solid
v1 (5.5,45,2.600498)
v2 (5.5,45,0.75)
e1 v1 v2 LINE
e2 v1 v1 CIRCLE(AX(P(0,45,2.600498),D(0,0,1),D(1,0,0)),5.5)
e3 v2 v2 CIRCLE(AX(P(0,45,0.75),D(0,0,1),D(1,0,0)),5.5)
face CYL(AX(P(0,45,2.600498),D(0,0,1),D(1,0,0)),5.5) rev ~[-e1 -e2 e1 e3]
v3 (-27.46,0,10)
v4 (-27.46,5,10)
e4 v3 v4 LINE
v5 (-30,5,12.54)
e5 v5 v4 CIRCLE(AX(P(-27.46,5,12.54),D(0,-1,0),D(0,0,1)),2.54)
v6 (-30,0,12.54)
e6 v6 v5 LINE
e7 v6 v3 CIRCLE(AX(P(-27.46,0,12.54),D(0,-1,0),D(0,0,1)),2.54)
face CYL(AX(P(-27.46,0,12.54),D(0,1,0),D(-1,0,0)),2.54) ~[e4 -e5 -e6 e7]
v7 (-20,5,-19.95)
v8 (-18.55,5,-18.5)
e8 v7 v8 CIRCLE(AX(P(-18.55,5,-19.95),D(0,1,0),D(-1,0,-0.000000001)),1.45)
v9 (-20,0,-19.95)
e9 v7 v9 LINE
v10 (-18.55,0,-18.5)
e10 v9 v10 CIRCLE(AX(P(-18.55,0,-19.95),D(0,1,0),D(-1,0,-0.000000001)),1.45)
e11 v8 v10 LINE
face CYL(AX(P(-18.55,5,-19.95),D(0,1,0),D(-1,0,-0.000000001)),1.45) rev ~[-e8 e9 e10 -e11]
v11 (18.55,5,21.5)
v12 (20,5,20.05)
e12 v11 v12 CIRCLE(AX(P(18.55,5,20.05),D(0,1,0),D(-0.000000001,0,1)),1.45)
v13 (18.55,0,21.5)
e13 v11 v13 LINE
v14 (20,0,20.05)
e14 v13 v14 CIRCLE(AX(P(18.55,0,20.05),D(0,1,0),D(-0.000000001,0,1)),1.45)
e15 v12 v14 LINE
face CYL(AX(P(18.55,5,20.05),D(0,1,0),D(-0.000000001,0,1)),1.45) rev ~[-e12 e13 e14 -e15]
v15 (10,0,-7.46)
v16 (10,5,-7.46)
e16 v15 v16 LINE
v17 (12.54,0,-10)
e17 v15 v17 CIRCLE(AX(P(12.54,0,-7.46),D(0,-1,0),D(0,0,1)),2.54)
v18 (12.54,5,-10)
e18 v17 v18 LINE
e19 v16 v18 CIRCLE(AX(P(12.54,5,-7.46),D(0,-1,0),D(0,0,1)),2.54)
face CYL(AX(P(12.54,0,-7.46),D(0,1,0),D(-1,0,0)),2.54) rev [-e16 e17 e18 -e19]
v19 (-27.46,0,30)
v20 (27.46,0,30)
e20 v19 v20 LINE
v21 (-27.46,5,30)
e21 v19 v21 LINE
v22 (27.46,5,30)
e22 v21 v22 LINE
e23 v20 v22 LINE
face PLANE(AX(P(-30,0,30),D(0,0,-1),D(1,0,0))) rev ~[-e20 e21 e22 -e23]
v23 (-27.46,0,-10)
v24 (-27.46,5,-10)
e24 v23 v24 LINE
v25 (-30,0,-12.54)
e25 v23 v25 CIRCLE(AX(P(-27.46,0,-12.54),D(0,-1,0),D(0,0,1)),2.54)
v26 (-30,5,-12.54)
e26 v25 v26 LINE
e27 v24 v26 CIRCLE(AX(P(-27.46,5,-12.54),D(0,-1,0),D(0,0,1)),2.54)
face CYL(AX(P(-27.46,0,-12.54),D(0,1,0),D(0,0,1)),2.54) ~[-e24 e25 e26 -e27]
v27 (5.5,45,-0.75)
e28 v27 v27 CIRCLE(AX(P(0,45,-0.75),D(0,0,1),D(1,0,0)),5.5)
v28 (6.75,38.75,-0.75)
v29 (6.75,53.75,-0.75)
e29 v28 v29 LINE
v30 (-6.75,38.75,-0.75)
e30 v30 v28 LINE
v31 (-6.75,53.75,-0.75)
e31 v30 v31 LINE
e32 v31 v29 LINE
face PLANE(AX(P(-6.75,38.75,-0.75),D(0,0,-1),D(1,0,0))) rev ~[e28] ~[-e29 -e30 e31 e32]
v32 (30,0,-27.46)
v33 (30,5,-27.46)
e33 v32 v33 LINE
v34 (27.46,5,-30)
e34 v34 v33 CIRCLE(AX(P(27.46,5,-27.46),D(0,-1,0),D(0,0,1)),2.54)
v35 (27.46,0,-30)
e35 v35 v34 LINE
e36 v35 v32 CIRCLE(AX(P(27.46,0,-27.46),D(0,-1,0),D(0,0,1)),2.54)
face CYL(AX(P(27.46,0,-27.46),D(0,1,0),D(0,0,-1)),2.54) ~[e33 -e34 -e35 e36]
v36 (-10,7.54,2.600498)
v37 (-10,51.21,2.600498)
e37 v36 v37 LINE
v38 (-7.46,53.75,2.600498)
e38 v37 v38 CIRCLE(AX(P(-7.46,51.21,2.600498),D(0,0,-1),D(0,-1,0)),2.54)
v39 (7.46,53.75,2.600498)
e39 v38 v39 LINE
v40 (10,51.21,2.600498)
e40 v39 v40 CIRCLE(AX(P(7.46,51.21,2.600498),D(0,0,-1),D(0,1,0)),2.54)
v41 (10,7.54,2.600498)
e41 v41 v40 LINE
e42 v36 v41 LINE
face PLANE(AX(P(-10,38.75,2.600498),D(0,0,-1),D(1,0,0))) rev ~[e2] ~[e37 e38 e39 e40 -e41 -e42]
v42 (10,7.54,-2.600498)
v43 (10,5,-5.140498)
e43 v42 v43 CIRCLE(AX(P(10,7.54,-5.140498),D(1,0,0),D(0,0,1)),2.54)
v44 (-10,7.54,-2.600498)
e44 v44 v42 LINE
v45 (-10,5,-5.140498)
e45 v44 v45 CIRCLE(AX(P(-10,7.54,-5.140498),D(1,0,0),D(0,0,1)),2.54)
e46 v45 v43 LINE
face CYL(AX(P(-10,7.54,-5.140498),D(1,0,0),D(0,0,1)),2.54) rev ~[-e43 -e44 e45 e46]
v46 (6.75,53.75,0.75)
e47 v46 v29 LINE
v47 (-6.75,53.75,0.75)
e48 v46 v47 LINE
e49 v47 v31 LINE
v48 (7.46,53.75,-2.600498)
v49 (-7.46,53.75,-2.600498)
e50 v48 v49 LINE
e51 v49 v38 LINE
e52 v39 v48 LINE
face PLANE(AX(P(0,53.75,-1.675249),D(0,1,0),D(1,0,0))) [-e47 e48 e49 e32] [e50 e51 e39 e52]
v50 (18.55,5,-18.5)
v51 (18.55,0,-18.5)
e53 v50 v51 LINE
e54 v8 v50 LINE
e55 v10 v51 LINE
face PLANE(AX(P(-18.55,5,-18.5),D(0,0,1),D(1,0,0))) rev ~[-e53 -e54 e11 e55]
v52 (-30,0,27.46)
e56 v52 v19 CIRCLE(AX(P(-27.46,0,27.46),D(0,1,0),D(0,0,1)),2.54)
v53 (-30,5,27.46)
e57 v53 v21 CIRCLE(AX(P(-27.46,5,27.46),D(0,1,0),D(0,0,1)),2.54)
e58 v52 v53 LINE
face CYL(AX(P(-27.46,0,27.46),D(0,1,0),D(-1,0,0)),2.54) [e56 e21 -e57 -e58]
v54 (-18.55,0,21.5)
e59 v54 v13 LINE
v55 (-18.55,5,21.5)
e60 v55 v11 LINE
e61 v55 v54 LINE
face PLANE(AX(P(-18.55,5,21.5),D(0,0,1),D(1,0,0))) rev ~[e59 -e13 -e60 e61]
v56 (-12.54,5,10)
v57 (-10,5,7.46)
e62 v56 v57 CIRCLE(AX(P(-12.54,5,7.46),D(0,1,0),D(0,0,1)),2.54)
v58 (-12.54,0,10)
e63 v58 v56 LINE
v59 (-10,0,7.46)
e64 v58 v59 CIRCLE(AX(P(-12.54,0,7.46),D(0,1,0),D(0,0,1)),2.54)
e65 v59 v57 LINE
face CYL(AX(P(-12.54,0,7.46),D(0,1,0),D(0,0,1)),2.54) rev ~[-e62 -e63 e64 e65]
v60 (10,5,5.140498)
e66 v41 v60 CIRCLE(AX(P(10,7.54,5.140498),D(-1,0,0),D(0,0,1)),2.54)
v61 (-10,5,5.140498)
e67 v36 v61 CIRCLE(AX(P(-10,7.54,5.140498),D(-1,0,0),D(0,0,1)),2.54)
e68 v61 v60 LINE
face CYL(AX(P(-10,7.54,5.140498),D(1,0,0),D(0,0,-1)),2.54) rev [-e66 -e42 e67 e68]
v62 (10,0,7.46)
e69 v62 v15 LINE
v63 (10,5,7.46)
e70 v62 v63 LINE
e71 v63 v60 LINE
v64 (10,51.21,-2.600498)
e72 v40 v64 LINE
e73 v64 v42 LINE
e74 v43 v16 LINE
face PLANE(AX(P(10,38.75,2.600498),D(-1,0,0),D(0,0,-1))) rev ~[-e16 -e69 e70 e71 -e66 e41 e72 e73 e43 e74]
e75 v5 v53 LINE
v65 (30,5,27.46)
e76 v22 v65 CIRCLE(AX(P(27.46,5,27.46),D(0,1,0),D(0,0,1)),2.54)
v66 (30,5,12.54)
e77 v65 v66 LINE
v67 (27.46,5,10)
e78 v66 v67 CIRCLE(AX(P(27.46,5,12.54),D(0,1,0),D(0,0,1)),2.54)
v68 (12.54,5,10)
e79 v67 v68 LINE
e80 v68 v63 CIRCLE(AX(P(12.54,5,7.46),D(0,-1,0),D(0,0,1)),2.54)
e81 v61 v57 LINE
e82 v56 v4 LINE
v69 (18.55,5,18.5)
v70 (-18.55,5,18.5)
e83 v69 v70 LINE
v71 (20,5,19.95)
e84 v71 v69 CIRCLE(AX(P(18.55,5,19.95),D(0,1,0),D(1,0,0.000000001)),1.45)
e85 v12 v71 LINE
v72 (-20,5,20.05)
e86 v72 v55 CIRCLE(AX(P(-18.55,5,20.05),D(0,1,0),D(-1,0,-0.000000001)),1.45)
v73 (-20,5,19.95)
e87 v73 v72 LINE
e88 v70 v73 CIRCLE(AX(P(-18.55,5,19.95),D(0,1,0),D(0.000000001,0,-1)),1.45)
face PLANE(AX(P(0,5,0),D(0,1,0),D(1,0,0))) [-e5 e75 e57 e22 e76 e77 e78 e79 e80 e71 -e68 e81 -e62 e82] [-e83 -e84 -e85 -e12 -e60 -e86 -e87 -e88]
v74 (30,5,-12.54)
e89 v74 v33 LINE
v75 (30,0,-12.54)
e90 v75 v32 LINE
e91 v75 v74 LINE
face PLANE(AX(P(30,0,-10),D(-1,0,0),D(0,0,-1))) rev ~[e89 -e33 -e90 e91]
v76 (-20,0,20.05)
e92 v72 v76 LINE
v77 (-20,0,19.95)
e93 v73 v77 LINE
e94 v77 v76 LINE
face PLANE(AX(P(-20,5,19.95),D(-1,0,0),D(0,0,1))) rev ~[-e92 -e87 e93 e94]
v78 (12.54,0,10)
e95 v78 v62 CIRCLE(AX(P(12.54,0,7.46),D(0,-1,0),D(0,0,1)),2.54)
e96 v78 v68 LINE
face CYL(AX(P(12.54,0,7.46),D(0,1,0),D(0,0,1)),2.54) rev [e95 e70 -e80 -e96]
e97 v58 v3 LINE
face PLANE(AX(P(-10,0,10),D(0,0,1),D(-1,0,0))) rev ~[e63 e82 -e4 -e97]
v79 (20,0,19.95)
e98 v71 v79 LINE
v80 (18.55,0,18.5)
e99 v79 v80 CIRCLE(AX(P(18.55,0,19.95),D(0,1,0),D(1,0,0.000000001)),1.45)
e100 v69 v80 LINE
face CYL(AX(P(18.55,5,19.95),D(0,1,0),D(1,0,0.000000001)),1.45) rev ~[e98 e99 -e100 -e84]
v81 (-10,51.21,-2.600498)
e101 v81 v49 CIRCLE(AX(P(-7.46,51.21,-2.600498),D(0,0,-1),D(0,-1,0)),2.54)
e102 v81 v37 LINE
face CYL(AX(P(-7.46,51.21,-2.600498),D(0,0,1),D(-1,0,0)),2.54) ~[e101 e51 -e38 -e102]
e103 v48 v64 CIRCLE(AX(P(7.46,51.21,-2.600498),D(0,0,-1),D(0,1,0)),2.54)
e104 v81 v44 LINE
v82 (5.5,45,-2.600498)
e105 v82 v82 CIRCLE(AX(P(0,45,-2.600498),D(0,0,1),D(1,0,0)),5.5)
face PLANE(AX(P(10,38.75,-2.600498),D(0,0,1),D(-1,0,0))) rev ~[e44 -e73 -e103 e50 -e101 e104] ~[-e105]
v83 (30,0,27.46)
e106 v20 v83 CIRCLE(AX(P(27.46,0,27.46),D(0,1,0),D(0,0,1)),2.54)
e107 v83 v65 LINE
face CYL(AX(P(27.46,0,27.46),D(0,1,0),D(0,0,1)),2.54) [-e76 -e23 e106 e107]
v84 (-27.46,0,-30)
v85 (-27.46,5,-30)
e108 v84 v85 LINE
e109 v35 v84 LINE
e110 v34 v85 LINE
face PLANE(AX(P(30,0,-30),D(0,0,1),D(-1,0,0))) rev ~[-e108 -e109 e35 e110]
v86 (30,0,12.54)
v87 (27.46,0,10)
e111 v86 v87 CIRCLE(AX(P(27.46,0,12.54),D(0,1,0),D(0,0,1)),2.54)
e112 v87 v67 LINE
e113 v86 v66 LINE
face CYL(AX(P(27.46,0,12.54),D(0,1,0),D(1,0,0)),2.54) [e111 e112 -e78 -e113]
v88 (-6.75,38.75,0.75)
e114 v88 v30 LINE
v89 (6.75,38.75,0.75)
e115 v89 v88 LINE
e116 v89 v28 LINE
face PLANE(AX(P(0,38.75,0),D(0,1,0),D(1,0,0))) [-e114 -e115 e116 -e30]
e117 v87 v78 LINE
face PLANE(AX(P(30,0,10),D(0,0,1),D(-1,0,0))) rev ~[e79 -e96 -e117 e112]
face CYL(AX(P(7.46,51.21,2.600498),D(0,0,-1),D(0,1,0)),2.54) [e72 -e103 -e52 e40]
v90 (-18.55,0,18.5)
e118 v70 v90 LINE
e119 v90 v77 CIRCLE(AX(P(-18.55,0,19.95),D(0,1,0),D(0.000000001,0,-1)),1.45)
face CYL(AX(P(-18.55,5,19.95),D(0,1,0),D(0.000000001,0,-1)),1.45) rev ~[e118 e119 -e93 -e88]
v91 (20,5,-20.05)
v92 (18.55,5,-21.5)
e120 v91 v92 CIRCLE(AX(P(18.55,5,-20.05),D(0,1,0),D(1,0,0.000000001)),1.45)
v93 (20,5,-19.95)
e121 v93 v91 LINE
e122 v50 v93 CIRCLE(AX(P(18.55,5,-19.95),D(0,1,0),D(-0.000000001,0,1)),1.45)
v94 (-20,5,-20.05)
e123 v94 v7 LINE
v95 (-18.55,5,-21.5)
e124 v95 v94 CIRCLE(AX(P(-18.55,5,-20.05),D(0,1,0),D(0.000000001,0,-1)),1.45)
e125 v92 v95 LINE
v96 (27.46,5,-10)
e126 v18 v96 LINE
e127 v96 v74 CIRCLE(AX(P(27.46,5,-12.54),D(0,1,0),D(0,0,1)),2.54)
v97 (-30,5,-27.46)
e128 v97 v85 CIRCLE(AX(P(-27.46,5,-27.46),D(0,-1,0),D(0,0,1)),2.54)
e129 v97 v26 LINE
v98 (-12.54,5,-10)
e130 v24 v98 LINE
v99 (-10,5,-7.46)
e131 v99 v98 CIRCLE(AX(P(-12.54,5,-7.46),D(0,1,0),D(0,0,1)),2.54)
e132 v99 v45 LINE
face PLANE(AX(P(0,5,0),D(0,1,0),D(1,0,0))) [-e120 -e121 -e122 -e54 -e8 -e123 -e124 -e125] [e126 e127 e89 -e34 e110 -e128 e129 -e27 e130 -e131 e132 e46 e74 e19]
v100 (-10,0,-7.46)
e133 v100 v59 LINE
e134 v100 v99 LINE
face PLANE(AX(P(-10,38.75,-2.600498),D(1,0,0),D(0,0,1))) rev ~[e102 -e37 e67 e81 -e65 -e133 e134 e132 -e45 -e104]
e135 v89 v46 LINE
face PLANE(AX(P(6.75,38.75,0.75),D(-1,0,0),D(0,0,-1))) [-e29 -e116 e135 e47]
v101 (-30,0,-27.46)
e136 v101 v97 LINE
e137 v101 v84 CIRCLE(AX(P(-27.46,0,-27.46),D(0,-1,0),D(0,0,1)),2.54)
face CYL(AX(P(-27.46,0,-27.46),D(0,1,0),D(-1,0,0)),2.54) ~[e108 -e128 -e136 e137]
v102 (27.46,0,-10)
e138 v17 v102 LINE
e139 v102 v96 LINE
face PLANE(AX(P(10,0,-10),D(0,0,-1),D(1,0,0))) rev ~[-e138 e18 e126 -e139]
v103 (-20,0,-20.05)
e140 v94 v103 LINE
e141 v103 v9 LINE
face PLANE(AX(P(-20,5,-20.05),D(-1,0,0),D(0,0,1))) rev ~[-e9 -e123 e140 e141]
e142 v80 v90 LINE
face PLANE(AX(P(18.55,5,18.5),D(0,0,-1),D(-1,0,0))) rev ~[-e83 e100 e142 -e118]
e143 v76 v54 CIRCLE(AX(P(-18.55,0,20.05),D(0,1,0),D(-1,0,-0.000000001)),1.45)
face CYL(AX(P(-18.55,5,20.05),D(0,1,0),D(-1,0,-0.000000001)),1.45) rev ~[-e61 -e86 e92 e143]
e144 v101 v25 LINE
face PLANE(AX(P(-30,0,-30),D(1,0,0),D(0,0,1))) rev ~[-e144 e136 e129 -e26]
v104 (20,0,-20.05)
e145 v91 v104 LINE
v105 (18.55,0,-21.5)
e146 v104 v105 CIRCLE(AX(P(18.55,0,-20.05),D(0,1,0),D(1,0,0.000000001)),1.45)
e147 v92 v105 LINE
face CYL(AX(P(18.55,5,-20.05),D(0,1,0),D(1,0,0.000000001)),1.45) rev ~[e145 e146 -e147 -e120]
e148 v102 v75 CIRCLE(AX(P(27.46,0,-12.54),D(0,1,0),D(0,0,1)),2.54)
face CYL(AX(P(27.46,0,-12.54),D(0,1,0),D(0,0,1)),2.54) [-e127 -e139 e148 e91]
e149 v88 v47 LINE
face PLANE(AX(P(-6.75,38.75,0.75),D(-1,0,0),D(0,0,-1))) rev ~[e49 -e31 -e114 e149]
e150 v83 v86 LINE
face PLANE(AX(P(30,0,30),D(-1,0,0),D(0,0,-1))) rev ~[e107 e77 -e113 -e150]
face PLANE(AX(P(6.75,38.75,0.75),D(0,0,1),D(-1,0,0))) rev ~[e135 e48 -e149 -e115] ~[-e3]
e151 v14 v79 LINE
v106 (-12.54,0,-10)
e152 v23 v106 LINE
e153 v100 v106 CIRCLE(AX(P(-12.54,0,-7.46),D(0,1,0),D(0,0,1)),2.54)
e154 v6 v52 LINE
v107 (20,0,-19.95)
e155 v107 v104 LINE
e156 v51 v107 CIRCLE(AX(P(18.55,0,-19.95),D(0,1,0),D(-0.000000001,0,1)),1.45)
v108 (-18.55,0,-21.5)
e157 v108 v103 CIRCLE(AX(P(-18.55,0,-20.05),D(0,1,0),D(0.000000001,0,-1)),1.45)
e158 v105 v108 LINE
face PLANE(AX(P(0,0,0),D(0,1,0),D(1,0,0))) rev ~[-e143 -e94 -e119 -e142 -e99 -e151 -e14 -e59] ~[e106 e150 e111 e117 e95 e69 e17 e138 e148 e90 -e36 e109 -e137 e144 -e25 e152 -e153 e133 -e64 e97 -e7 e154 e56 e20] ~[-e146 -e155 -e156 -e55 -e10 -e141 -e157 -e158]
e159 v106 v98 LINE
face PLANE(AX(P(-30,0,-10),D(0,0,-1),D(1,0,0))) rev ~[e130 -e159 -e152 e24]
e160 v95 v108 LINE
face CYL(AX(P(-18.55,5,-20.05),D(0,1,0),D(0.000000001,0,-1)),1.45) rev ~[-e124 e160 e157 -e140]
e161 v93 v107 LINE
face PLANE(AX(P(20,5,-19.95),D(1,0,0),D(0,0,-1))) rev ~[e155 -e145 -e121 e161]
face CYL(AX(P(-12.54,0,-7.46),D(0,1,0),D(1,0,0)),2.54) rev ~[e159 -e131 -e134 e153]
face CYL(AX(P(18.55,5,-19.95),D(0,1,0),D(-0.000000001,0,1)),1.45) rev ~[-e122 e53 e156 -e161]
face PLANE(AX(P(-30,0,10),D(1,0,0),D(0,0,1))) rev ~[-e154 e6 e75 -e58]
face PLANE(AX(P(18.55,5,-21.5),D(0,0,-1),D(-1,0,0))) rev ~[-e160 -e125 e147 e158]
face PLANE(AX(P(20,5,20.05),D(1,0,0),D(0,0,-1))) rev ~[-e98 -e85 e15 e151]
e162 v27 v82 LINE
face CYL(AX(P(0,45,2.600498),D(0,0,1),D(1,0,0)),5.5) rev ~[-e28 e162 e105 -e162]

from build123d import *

# Parameters (mm, degrees)
BOSS_EXTRUDE1_DEPTH = 5
CUT_EXTRUDE1_DEPTH  = 43.720018727
FILLET1_R           = 2.54
SKETCH9_W           = 20
SKETCH9_H           = 5.200996356
BOSS_EXTRUDE5_DEPTH = 33.75
SKETCH11_W          = 3.25
SKETCH11_H          = 1.5
BOSS_EXTRUDE6_DEPTH = 15
SKETCH12_R          = 5.5
CUT_EXTRUDE3_DEPTH  = 70.655258104
FILLET3_R           = 2.54


with BuildPart() as part:
    # Sketch1 → Boss-Extrude1 (new body)
    with BuildSketch(Plane(origin=(0, 0, 0), x_dir=(1, 0, 0), z_dir=(0, 1, 0))):
        Polygon((-30, -10), (-30, -30), (30, -30), (30, -10), (10, -10), (10, 10), (30, 10), (30, 30), (-30, 30), (-30, 10), (-10, 10), (-10, -10), align=None)
    extrude(amount=BOSS_EXTRUDE1_DEPTH)

    # Sketch2 → Cut-Extrude1 (cut, through all)
    with BuildSketch(Plane(origin=(0, 5, 0), x_dir=(1, 0, 0), z_dir=(0, 1, 0))):
        with BuildLine():
            Line((-18.55, 18.5), (18.55, 18.5))
            ThreePointArc((18.55, 18.5), (19.575304833, 18.924695167), (20, 19.95))
            Line((20, 19.95), (20, 20.05))
            ThreePointArc((20, 20.05), (19.575304833, 21.075304833), (18.55, 21.5))
            Line((18.55, 21.5), (-18.55, 21.5))
            ThreePointArc((-18.55, 21.5), (-19.575304833, 21.075304833), (-20, 20.05))
            Line((-20, 20.05), (-20, 19.95))
            ThreePointArc((-20, 19.95), (-19.575304833, 18.924695167), (-18.55, 18.5))
        make_face()
        with BuildLine():
            Line((-18.55, -21.5), (18.55, -21.5))
            ThreePointArc((18.55, -21.5), (19.575304833, -21.075304833), (20, -20.05))
            Line((20, -20.05), (20, -19.95))
            ThreePointArc((20, -19.95), (19.575304833, -18.924695167), (18.55, -18.5))
            Line((18.55, -18.5), (-18.55, -18.5))
            ThreePointArc((-18.55, -18.5), (-19.575304833, -18.924695167), (-20, -19.95))
            Line((-20, -19.95), (-20, -20.05))
            ThreePointArc((-20, -20.05), (-19.575304833, -21.075304833), (-18.55, -21.5))
        make_face()
    extrude(amount=-CUT_EXTRUDE1_DEPTH, mode=Mode.SUBTRACT)

    # Fillet1
    fillet1_edges = [part.edges().sort_by_distance(p)[0] for p in [
        (-10, 2.5, -10),
        (-30, 2.5, -10),
        (-30, 2.5, -30),
        (30, 2.5, -30),
        (30, 2.5, -10),
        (10, 2.5, -10),
        (10, 2.5, 10),
        (30, 2.5, 10),
        (30, 2.5, 30),
        (-30, 2.5, 30),
        (-30, 2.5, 10),
        (-10, 2.5, 10),
    ]]
    fillet(fillet1_edges, radius=FILLET1_R)

    # Sketch9 → Boss-Extrude5 (add)
    with BuildSketch(Plane(origin=(0, 5, 0), x_dir=(1, 0, 0), z_dir=(0, 1, 0))):
        Rectangle(SKETCH9_W, SKETCH9_H)
    extrude(amount=BOSS_EXTRUDE5_DEPTH)

    # Sketch11 → Boss-Extrude6 (add)
    with BuildSketch(Plane(origin=(0, 38.75, 0), x_dir=(1, 0, 0), z_dir=(0, 1, 0))):
        Polygon((-10, 2.600498178), (-10, 0.75), (-6.75, 0.75), (6.75, 0.75), (10, 0.75), (10, 2.600498178), align=None)
        with Locations((-8.375, 0)):
            Rectangle(SKETCH11_W, SKETCH11_H)
        Polygon((-6.75, -0.75), (-10, -0.75), (-10, -2.600498178), (10, -2.600498178), (10, -0.75), (6.75, -0.75), align=None)
        with Locations((8.375, 0)):
            Rectangle(SKETCH11_W, SKETCH11_H)
    extrude(amount=BOSS_EXTRUDE6_DEPTH)

    # Sketch12 → Cut-Extrude3 (cut, through all)
    with BuildSketch(Plane.XY.offset(2.600498178)):
        with Locations((0, 45)):
            Circle(SKETCH12_R)
    extrude(amount=-CUT_EXTRUDE3_DEPTH, mode=Mode.SUBTRACT)

    # Fillet3
    fillet3_edges = [part.edges().sort_by_distance(p)[0] for p in [
        (0, 5, -2.600498178),
        (0, 5, 2.600498178),
        (10, 53.75, 0),
        (-10, 53.75, 0),
    ]]
    fillet(fillet3_edges, radius=FILLET3_R)


solid = part.part
